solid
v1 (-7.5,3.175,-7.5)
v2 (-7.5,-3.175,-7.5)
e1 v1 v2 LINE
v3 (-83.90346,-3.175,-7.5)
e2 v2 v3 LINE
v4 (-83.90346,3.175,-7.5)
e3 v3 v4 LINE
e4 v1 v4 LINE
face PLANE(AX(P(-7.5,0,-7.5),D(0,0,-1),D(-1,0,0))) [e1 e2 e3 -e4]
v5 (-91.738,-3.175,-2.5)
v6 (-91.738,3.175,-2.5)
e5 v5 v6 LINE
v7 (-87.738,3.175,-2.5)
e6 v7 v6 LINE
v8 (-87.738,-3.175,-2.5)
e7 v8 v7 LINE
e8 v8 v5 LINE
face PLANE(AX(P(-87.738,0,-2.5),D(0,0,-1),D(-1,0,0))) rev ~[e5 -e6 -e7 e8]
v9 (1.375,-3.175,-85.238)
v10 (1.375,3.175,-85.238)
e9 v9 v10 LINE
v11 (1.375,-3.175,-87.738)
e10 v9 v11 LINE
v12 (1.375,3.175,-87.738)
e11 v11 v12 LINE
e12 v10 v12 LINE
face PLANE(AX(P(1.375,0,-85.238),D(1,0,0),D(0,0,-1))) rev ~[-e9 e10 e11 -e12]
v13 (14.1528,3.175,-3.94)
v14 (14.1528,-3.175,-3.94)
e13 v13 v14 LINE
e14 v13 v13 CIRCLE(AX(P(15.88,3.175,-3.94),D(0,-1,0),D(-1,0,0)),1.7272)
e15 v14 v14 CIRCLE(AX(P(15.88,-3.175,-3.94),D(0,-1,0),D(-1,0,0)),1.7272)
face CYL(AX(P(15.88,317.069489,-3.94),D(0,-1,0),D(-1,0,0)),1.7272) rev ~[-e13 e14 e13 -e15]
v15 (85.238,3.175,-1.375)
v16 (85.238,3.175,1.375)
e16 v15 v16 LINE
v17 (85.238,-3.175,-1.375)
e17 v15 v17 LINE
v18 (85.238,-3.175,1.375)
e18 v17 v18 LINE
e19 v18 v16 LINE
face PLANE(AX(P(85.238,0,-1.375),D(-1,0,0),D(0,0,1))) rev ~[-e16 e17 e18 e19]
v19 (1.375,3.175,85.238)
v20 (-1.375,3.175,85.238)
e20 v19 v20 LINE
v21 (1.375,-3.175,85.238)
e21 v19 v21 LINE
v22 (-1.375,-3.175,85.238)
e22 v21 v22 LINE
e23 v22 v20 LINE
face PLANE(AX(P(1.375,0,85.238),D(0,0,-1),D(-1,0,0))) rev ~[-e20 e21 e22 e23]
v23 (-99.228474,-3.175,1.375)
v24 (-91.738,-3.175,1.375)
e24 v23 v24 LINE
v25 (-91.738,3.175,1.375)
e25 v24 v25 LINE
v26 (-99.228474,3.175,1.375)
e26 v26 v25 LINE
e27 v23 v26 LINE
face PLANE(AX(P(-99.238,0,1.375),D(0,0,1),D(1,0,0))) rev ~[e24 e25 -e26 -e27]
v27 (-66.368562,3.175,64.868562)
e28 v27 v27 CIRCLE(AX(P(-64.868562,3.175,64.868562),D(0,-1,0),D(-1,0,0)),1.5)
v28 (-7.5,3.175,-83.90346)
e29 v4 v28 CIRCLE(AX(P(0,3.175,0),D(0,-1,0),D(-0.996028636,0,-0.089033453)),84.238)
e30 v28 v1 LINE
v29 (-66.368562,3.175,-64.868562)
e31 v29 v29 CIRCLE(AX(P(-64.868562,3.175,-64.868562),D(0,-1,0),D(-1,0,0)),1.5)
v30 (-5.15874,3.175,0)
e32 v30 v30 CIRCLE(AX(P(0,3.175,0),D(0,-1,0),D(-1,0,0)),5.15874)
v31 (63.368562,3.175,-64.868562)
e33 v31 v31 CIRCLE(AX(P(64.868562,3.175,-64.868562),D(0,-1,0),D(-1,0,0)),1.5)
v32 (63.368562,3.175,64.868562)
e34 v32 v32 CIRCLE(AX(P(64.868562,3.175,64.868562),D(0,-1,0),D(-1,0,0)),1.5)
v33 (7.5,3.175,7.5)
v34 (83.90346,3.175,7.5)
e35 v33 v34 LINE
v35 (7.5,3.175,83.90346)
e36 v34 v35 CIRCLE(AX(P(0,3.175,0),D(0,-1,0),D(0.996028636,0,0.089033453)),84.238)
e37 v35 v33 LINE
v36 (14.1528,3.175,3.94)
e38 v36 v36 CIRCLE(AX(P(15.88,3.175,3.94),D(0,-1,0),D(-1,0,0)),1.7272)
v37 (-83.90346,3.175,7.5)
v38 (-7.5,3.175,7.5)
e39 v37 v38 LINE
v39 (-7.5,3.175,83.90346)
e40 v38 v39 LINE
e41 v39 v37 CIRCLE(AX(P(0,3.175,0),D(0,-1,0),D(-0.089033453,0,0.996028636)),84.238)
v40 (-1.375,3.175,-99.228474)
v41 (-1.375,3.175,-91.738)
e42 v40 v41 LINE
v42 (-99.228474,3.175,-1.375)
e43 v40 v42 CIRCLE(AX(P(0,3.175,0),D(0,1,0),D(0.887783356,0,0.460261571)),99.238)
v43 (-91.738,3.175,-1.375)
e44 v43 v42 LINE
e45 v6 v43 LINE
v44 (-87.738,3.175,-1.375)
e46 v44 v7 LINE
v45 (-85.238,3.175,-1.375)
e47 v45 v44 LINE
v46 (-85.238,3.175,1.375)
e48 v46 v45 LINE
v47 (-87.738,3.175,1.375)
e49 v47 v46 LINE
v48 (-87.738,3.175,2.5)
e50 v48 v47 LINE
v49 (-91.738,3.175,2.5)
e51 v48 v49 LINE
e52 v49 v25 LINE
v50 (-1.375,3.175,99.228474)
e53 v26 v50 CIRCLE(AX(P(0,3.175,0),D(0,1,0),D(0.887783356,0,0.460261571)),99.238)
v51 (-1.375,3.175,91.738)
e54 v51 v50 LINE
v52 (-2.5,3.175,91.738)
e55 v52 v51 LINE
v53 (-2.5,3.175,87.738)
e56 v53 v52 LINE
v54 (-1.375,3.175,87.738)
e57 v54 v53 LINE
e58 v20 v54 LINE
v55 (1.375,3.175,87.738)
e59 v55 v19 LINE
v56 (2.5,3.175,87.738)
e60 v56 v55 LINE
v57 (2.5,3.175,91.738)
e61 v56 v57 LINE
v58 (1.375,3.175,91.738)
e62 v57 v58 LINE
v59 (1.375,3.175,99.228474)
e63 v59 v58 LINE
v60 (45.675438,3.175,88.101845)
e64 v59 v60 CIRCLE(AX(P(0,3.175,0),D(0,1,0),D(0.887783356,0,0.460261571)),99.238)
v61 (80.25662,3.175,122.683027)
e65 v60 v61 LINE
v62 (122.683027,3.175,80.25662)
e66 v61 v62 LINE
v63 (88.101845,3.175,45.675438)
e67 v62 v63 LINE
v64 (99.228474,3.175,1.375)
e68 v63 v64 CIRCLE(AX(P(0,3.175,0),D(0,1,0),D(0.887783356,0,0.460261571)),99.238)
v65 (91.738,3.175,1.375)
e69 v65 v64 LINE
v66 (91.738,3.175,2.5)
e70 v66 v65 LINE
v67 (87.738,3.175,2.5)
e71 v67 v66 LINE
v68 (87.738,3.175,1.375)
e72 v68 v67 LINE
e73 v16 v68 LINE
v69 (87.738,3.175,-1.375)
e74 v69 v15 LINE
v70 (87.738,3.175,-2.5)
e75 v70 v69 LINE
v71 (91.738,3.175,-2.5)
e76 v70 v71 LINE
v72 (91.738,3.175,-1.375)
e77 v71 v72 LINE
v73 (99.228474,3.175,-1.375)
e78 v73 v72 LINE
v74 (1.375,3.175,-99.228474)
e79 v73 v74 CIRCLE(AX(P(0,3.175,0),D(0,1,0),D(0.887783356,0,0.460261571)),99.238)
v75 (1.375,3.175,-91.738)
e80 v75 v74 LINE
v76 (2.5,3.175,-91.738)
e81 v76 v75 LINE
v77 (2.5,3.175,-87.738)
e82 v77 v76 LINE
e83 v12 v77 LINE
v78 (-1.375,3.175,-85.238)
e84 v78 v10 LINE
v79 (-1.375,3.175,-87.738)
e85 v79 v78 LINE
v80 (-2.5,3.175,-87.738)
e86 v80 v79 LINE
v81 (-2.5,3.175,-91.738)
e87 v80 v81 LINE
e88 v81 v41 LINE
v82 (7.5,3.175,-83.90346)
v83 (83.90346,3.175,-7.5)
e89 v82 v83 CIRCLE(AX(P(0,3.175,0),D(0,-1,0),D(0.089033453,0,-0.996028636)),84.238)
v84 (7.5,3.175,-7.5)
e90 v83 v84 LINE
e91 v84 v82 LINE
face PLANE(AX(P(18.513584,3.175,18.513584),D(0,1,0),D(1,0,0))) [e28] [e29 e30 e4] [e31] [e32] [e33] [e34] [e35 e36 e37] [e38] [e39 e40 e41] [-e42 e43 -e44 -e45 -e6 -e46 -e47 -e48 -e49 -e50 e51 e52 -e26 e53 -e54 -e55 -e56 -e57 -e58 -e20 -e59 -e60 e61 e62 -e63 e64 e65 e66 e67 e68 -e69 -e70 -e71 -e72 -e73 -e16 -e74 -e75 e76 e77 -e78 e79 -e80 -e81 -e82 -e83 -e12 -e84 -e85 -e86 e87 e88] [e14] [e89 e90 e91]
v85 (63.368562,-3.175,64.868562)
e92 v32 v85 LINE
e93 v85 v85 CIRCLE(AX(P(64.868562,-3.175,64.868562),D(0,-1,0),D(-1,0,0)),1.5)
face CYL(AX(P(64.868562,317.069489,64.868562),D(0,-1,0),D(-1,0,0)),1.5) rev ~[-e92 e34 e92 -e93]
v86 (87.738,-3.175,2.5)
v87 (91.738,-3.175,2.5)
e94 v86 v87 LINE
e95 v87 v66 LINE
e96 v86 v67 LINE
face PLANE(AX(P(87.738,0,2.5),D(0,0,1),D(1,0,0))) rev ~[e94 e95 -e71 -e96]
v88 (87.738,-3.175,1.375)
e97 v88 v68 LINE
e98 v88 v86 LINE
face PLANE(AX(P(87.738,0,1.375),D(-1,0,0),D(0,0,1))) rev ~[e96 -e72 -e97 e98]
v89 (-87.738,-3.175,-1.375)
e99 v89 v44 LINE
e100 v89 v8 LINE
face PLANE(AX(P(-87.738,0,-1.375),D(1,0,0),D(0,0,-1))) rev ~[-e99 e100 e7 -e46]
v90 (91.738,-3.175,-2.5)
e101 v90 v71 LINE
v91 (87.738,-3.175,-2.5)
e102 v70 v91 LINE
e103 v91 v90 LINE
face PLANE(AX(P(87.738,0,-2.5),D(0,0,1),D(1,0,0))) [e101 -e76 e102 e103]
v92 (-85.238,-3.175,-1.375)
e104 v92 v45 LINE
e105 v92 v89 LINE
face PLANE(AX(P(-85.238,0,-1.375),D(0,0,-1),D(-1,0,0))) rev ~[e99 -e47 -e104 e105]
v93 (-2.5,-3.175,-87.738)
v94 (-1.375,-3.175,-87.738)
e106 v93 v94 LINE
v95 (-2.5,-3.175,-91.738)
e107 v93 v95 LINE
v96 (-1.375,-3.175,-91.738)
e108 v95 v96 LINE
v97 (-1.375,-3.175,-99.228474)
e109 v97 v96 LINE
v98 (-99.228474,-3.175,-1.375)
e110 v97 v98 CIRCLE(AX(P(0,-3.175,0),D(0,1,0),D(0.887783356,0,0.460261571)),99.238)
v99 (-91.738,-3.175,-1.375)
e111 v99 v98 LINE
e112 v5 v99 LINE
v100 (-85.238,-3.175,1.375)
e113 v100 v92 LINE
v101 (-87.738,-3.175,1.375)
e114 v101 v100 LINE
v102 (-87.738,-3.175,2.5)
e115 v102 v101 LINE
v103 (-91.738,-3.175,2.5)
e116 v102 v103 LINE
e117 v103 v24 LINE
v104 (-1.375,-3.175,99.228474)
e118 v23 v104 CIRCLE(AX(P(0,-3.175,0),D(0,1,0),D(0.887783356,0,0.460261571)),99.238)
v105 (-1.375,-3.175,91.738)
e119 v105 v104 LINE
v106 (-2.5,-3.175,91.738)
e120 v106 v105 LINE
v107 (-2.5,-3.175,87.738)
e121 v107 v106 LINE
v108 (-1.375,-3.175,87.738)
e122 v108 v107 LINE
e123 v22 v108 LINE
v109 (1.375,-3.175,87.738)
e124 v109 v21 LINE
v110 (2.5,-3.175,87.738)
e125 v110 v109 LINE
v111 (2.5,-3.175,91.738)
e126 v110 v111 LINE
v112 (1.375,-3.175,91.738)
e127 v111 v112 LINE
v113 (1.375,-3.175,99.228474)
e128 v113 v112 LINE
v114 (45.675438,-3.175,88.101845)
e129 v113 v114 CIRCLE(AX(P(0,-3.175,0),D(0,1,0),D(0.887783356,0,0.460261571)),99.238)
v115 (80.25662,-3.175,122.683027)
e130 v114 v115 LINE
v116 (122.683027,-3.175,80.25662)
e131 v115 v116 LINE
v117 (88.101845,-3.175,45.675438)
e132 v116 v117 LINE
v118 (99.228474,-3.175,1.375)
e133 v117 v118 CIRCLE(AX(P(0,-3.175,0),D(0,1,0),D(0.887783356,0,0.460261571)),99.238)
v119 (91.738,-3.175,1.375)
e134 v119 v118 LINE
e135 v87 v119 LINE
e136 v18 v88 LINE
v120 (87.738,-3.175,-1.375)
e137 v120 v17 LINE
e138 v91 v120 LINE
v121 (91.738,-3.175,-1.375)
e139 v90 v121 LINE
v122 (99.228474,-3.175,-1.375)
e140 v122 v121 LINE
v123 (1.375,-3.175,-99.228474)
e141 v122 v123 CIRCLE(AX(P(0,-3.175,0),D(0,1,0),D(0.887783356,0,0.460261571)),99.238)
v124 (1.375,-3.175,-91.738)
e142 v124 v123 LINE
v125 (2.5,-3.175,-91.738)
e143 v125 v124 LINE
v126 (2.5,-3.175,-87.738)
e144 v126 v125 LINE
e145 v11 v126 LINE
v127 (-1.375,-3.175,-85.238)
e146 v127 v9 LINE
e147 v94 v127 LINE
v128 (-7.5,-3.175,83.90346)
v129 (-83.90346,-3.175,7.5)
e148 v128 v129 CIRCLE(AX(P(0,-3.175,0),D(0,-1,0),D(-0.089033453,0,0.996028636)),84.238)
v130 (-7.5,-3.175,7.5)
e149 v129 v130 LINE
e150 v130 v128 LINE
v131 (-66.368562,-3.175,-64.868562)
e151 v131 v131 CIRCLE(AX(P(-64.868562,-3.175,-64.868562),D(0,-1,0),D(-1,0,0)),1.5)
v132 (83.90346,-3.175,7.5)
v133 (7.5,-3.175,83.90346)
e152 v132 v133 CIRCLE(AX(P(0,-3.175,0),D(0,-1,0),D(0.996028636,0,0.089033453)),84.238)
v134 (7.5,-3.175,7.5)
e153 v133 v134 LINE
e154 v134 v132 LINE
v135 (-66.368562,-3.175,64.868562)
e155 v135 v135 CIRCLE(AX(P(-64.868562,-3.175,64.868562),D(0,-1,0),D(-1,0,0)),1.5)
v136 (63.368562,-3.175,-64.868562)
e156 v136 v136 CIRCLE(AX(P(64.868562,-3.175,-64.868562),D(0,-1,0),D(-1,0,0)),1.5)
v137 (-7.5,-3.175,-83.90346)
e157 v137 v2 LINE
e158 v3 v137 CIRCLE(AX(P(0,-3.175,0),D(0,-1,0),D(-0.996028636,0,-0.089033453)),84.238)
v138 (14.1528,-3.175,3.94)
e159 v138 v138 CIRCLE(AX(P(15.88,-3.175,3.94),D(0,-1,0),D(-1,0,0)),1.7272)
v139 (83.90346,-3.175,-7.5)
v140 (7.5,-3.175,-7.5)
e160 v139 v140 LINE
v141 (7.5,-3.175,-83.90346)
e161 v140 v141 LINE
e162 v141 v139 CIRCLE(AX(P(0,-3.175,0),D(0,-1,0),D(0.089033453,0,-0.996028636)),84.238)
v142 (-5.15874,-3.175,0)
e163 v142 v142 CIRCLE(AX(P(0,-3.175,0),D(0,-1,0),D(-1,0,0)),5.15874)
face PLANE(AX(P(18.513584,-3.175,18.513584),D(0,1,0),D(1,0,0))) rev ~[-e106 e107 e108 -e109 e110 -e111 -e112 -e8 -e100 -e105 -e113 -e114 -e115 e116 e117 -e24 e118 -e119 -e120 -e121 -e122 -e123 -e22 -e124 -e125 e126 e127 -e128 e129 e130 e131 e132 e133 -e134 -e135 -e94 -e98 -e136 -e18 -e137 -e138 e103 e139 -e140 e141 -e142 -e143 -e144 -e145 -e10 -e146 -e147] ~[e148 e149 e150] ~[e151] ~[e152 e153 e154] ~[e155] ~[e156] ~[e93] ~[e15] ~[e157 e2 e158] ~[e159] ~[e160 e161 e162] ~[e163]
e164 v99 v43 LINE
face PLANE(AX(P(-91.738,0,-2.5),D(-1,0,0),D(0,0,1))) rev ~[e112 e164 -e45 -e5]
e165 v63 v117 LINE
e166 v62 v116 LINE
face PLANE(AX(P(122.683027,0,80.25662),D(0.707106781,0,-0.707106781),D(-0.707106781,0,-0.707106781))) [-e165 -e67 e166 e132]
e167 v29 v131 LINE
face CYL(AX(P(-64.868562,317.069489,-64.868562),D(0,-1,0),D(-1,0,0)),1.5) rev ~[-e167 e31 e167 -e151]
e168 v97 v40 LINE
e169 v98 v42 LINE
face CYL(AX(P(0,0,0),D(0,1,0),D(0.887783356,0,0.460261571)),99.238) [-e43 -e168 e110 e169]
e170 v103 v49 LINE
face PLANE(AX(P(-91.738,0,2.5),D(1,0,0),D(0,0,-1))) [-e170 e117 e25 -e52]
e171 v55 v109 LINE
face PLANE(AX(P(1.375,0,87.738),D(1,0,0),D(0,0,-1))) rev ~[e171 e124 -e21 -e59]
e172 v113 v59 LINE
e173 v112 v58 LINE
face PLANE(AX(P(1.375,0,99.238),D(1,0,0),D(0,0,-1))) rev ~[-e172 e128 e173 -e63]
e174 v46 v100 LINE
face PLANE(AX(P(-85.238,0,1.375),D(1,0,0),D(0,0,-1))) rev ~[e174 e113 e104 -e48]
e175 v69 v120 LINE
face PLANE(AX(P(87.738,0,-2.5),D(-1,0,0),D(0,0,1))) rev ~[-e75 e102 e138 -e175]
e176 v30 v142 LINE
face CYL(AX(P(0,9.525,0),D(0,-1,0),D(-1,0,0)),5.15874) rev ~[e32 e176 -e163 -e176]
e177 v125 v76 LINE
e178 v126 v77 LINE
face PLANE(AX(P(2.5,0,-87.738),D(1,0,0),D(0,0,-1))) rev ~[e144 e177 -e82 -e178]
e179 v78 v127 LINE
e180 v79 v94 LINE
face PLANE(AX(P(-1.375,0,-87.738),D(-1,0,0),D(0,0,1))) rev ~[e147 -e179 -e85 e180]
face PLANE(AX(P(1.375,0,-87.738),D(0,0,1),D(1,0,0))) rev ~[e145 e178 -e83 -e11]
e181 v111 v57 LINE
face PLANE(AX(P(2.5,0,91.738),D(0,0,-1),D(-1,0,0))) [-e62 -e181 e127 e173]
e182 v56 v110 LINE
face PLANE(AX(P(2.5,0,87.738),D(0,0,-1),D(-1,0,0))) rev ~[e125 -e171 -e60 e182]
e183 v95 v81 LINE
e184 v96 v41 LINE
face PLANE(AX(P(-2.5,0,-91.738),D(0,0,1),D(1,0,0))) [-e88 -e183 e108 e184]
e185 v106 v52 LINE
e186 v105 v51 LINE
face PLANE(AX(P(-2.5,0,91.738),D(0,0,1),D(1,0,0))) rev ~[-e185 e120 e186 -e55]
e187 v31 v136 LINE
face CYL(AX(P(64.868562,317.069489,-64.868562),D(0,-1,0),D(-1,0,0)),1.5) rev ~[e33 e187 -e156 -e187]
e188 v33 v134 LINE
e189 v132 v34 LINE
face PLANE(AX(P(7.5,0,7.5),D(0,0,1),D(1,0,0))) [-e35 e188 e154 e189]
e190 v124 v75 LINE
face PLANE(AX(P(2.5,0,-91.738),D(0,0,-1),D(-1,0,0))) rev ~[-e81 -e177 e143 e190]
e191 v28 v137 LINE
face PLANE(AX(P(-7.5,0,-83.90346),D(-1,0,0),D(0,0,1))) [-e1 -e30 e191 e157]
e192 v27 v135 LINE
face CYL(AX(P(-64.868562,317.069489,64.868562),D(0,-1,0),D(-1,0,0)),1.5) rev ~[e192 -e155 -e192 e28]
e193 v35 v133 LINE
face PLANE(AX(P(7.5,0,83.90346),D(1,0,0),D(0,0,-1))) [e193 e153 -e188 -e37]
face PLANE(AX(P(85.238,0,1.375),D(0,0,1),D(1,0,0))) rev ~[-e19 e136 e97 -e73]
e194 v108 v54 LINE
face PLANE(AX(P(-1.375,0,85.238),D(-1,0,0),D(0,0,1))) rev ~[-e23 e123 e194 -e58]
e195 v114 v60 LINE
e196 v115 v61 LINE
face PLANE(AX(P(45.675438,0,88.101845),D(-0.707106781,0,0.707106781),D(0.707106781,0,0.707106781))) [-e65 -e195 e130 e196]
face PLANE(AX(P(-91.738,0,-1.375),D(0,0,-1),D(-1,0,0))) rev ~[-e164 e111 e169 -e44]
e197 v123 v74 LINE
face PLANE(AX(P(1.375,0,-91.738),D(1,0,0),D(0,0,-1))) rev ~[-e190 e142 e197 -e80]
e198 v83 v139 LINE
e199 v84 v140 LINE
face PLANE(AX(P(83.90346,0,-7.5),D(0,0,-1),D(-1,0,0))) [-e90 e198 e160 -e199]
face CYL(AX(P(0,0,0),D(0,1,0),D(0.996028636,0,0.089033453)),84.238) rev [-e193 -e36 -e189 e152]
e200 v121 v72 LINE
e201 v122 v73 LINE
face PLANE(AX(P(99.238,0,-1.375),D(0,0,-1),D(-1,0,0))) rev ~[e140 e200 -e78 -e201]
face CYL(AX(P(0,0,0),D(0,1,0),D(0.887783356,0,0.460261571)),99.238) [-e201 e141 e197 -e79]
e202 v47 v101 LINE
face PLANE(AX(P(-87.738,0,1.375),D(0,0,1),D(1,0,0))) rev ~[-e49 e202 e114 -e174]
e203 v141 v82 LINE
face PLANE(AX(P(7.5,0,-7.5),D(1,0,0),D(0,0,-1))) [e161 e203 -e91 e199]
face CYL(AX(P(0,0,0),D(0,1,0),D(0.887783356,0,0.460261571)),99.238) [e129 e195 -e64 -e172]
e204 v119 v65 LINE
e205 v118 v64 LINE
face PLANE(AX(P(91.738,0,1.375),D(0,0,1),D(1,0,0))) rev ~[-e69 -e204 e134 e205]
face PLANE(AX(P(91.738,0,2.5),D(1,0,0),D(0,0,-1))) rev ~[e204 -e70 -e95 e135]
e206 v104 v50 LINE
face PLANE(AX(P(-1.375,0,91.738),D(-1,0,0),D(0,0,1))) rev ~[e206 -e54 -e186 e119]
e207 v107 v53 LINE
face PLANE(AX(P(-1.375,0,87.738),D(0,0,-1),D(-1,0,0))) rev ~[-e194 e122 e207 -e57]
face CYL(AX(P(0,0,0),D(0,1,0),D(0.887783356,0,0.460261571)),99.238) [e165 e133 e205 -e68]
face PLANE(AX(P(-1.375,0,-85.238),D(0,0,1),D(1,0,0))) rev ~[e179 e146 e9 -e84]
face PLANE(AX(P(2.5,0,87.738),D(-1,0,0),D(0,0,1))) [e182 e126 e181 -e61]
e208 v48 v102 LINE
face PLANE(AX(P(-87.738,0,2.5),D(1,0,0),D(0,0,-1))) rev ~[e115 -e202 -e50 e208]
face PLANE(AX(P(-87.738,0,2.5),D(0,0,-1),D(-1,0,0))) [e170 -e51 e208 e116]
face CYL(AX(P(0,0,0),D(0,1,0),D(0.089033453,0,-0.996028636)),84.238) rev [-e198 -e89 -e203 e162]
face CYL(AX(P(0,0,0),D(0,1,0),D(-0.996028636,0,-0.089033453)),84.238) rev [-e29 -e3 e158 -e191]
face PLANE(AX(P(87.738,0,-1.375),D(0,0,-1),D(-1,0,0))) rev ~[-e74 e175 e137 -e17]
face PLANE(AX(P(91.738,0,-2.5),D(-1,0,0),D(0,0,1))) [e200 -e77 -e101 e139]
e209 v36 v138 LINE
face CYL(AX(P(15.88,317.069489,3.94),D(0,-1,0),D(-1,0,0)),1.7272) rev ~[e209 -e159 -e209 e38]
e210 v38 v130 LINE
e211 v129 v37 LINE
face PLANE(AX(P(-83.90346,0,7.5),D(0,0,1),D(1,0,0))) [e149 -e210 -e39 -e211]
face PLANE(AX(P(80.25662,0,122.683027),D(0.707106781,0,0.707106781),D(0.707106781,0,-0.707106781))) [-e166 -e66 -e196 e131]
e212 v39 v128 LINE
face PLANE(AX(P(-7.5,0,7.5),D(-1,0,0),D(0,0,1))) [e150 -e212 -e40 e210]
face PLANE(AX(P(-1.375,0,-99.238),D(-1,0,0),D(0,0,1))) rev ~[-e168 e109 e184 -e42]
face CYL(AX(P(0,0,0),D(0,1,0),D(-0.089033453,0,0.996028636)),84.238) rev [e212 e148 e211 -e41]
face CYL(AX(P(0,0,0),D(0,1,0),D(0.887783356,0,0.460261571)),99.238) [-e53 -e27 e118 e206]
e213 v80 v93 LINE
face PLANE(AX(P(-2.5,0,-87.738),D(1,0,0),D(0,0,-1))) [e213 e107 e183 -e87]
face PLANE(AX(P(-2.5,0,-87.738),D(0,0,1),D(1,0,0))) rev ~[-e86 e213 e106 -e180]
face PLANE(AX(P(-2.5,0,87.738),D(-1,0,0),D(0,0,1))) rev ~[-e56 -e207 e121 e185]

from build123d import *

# Parameters (mm, degrees)
BOSS_EXTRUDE1_DEPTH         = 3.175
SKETCH2_W                   = 2.75
SKETCH2_H                   = 2.5
SKETCH2_H_2                 = 4
SKETCH2_W_2                 = 1.125
SKETCH2_H_3                 = 7.5
CUT_EXTRUDE1_DEPTH          = 174.529048361
CIRPATTERN1_COUNT           = 4
F_3_0_3_DIAMETER_HOLE1_D    = 3
F_3_8_CLEARANCE_HOLE1_D     = 10.31748
F_3_8_CLEARANCE_HOLE1_DEPTH = 6.35
F_4_CLEARANCE_HOLE1_D       = 3.4544


with BuildPart() as part:
    # Sketch1 → Boss-Extrude1 (new, symmetric)
    with BuildSketch(Plane(origin=(0, 0, 0), x_dir=(1, 0, 0), z_dir=(0, 1, 0))):
        with BuildLine():
            ThreePointArc((88.101844639, -45.675437768), (-70.171862751, 70.171862751), (45.675437768, -88.101844639))
            Line((45.675437768, -88.101844639), (80.256619665, -122.683026536))
            Line((80.256619665, -122.683026536), (122.683026536, -80.256619665))
            Line((122.683026536, -80.256619665), (88.101844639, -45.675437768))
        make_face()
        with BuildLine():
            Line((-83.903460262, -7.5), (-7.5, -7.5))
            Line((-7.5, -7.5), (-7.5, -83.903460262))
            ThreePointArc((-7.5, -83.903460262), (-59.565261034, -59.565261034), (-83.903460262, -7.5))
        make_face(mode=Mode.SUBTRACT)
        with BuildLine():
            ThreePointArc((83.903460262, -7.5), (59.565261034, -59.565261034), (7.5, -83.903460262))
            Line((7.5, -83.903460262), (7.5, -7.5))
            Line((7.5, -7.5), (83.903460262, -7.5))
        make_face(mode=Mode.SUBTRACT)
        with BuildLine():
            ThreePointArc((-83.903460262, 7.5), (-59.565261034, 59.565261034), (-7.5, 83.903460262))
            Line((-7.5, 83.903460262), (-7.5, 7.5))
            Line((-7.5, 7.5), (-83.903460262, 7.5))
        make_face(mode=Mode.SUBTRACT)
        with BuildLine():
            ThreePointArc((7.5, 83.903460262), (59.565261034, 59.565261034), (83.903460262, 7.5))
            Line((83.903460262, 7.5), (7.5, 7.5))
            Line((7.5, 7.5), (7.5, 83.903460262))
        make_face(mode=Mode.SUBTRACT)
    extrude(amount=BOSS_EXTRUDE1_DEPTH, both=True)

    # Sketch2 → Cut-Extrude1 (cut, symmetric)
    with BuildSketch(Plane(origin=(0, 0, 0), x_dir=(1, 0, 0), z_dir=(0, 1, 0))):
        with Locations((0, 86.488)):
            Rectangle(SKETCH2_W, SKETCH2_H)
        with Locations((0, 89.738)):
            Rectangle(SKETCH2_W, SKETCH2_H_2)
        with Locations((1.9375, 89.738)):
            Rectangle(SKETCH2_W_2, SKETCH2_H_2)
        with Locations((0, 95.488)):
            Rectangle(SKETCH2_W, SKETCH2_H_3)
        with Locations((-1.9375, 89.738)):
            Rectangle(SKETCH2_W_2, SKETCH2_H_2)
    cut_extrude1 = extrude(amount=CUT_EXTRUDE1_DEPTH, both=True, mode=Mode.SUBTRACT)

    # CirPattern1: Cut-Extrude1 ×4 about axis
    cirpattern1_axis = Axis((0, 0, 0), (0, 1, 0))
    for i in range(1, CIRPATTERN1_COUNT):
        add(cut_extrude1.rotate(cirpattern1_axis, i * 360 / CIRPATTERN1_COUNT), mode=Mode.SUBTRACT)

    # Ø3.0 (3) Diameter Hole1 (through all)
    with Locations(Plane(origin=(0, 3.175, 0), x_dir=(1, 0, 0), z_dir=(0, 1, 0))):
        with Locations((-64.868561892, -64.868561892), (0, 0), (-64.868561892, 64.868561892), (64.868561892, 64.868561892), (64.868561892, -64.868561892)):
            Hole(F_3_0_3_DIAMETER_HOLE1_D / 2)

    # 3/8 Clearance Hole1
    with Locations(Plane(origin=(0, 3.175, 0), x_dir=(1, 0, 0), z_dir=(0, 1, 0))):
        with Locations((0, 0)):
            Hole(F_3_8_CLEARANCE_HOLE1_D / 2, depth=F_3_8_CLEARANCE_HOLE1_DEPTH)

    # #4 Clearance Hole1 (through all)
    with Locations(Plane(origin=(0, 3.175, 0), x_dir=(1, 0, 0), z_dir=(0, 1, 0))):
        with Locations((15.88, -3.94), (15.88, 3.94)):
            Hole(F_4_CLEARANCE_HOLE1_D / 2)


solid = part.part
